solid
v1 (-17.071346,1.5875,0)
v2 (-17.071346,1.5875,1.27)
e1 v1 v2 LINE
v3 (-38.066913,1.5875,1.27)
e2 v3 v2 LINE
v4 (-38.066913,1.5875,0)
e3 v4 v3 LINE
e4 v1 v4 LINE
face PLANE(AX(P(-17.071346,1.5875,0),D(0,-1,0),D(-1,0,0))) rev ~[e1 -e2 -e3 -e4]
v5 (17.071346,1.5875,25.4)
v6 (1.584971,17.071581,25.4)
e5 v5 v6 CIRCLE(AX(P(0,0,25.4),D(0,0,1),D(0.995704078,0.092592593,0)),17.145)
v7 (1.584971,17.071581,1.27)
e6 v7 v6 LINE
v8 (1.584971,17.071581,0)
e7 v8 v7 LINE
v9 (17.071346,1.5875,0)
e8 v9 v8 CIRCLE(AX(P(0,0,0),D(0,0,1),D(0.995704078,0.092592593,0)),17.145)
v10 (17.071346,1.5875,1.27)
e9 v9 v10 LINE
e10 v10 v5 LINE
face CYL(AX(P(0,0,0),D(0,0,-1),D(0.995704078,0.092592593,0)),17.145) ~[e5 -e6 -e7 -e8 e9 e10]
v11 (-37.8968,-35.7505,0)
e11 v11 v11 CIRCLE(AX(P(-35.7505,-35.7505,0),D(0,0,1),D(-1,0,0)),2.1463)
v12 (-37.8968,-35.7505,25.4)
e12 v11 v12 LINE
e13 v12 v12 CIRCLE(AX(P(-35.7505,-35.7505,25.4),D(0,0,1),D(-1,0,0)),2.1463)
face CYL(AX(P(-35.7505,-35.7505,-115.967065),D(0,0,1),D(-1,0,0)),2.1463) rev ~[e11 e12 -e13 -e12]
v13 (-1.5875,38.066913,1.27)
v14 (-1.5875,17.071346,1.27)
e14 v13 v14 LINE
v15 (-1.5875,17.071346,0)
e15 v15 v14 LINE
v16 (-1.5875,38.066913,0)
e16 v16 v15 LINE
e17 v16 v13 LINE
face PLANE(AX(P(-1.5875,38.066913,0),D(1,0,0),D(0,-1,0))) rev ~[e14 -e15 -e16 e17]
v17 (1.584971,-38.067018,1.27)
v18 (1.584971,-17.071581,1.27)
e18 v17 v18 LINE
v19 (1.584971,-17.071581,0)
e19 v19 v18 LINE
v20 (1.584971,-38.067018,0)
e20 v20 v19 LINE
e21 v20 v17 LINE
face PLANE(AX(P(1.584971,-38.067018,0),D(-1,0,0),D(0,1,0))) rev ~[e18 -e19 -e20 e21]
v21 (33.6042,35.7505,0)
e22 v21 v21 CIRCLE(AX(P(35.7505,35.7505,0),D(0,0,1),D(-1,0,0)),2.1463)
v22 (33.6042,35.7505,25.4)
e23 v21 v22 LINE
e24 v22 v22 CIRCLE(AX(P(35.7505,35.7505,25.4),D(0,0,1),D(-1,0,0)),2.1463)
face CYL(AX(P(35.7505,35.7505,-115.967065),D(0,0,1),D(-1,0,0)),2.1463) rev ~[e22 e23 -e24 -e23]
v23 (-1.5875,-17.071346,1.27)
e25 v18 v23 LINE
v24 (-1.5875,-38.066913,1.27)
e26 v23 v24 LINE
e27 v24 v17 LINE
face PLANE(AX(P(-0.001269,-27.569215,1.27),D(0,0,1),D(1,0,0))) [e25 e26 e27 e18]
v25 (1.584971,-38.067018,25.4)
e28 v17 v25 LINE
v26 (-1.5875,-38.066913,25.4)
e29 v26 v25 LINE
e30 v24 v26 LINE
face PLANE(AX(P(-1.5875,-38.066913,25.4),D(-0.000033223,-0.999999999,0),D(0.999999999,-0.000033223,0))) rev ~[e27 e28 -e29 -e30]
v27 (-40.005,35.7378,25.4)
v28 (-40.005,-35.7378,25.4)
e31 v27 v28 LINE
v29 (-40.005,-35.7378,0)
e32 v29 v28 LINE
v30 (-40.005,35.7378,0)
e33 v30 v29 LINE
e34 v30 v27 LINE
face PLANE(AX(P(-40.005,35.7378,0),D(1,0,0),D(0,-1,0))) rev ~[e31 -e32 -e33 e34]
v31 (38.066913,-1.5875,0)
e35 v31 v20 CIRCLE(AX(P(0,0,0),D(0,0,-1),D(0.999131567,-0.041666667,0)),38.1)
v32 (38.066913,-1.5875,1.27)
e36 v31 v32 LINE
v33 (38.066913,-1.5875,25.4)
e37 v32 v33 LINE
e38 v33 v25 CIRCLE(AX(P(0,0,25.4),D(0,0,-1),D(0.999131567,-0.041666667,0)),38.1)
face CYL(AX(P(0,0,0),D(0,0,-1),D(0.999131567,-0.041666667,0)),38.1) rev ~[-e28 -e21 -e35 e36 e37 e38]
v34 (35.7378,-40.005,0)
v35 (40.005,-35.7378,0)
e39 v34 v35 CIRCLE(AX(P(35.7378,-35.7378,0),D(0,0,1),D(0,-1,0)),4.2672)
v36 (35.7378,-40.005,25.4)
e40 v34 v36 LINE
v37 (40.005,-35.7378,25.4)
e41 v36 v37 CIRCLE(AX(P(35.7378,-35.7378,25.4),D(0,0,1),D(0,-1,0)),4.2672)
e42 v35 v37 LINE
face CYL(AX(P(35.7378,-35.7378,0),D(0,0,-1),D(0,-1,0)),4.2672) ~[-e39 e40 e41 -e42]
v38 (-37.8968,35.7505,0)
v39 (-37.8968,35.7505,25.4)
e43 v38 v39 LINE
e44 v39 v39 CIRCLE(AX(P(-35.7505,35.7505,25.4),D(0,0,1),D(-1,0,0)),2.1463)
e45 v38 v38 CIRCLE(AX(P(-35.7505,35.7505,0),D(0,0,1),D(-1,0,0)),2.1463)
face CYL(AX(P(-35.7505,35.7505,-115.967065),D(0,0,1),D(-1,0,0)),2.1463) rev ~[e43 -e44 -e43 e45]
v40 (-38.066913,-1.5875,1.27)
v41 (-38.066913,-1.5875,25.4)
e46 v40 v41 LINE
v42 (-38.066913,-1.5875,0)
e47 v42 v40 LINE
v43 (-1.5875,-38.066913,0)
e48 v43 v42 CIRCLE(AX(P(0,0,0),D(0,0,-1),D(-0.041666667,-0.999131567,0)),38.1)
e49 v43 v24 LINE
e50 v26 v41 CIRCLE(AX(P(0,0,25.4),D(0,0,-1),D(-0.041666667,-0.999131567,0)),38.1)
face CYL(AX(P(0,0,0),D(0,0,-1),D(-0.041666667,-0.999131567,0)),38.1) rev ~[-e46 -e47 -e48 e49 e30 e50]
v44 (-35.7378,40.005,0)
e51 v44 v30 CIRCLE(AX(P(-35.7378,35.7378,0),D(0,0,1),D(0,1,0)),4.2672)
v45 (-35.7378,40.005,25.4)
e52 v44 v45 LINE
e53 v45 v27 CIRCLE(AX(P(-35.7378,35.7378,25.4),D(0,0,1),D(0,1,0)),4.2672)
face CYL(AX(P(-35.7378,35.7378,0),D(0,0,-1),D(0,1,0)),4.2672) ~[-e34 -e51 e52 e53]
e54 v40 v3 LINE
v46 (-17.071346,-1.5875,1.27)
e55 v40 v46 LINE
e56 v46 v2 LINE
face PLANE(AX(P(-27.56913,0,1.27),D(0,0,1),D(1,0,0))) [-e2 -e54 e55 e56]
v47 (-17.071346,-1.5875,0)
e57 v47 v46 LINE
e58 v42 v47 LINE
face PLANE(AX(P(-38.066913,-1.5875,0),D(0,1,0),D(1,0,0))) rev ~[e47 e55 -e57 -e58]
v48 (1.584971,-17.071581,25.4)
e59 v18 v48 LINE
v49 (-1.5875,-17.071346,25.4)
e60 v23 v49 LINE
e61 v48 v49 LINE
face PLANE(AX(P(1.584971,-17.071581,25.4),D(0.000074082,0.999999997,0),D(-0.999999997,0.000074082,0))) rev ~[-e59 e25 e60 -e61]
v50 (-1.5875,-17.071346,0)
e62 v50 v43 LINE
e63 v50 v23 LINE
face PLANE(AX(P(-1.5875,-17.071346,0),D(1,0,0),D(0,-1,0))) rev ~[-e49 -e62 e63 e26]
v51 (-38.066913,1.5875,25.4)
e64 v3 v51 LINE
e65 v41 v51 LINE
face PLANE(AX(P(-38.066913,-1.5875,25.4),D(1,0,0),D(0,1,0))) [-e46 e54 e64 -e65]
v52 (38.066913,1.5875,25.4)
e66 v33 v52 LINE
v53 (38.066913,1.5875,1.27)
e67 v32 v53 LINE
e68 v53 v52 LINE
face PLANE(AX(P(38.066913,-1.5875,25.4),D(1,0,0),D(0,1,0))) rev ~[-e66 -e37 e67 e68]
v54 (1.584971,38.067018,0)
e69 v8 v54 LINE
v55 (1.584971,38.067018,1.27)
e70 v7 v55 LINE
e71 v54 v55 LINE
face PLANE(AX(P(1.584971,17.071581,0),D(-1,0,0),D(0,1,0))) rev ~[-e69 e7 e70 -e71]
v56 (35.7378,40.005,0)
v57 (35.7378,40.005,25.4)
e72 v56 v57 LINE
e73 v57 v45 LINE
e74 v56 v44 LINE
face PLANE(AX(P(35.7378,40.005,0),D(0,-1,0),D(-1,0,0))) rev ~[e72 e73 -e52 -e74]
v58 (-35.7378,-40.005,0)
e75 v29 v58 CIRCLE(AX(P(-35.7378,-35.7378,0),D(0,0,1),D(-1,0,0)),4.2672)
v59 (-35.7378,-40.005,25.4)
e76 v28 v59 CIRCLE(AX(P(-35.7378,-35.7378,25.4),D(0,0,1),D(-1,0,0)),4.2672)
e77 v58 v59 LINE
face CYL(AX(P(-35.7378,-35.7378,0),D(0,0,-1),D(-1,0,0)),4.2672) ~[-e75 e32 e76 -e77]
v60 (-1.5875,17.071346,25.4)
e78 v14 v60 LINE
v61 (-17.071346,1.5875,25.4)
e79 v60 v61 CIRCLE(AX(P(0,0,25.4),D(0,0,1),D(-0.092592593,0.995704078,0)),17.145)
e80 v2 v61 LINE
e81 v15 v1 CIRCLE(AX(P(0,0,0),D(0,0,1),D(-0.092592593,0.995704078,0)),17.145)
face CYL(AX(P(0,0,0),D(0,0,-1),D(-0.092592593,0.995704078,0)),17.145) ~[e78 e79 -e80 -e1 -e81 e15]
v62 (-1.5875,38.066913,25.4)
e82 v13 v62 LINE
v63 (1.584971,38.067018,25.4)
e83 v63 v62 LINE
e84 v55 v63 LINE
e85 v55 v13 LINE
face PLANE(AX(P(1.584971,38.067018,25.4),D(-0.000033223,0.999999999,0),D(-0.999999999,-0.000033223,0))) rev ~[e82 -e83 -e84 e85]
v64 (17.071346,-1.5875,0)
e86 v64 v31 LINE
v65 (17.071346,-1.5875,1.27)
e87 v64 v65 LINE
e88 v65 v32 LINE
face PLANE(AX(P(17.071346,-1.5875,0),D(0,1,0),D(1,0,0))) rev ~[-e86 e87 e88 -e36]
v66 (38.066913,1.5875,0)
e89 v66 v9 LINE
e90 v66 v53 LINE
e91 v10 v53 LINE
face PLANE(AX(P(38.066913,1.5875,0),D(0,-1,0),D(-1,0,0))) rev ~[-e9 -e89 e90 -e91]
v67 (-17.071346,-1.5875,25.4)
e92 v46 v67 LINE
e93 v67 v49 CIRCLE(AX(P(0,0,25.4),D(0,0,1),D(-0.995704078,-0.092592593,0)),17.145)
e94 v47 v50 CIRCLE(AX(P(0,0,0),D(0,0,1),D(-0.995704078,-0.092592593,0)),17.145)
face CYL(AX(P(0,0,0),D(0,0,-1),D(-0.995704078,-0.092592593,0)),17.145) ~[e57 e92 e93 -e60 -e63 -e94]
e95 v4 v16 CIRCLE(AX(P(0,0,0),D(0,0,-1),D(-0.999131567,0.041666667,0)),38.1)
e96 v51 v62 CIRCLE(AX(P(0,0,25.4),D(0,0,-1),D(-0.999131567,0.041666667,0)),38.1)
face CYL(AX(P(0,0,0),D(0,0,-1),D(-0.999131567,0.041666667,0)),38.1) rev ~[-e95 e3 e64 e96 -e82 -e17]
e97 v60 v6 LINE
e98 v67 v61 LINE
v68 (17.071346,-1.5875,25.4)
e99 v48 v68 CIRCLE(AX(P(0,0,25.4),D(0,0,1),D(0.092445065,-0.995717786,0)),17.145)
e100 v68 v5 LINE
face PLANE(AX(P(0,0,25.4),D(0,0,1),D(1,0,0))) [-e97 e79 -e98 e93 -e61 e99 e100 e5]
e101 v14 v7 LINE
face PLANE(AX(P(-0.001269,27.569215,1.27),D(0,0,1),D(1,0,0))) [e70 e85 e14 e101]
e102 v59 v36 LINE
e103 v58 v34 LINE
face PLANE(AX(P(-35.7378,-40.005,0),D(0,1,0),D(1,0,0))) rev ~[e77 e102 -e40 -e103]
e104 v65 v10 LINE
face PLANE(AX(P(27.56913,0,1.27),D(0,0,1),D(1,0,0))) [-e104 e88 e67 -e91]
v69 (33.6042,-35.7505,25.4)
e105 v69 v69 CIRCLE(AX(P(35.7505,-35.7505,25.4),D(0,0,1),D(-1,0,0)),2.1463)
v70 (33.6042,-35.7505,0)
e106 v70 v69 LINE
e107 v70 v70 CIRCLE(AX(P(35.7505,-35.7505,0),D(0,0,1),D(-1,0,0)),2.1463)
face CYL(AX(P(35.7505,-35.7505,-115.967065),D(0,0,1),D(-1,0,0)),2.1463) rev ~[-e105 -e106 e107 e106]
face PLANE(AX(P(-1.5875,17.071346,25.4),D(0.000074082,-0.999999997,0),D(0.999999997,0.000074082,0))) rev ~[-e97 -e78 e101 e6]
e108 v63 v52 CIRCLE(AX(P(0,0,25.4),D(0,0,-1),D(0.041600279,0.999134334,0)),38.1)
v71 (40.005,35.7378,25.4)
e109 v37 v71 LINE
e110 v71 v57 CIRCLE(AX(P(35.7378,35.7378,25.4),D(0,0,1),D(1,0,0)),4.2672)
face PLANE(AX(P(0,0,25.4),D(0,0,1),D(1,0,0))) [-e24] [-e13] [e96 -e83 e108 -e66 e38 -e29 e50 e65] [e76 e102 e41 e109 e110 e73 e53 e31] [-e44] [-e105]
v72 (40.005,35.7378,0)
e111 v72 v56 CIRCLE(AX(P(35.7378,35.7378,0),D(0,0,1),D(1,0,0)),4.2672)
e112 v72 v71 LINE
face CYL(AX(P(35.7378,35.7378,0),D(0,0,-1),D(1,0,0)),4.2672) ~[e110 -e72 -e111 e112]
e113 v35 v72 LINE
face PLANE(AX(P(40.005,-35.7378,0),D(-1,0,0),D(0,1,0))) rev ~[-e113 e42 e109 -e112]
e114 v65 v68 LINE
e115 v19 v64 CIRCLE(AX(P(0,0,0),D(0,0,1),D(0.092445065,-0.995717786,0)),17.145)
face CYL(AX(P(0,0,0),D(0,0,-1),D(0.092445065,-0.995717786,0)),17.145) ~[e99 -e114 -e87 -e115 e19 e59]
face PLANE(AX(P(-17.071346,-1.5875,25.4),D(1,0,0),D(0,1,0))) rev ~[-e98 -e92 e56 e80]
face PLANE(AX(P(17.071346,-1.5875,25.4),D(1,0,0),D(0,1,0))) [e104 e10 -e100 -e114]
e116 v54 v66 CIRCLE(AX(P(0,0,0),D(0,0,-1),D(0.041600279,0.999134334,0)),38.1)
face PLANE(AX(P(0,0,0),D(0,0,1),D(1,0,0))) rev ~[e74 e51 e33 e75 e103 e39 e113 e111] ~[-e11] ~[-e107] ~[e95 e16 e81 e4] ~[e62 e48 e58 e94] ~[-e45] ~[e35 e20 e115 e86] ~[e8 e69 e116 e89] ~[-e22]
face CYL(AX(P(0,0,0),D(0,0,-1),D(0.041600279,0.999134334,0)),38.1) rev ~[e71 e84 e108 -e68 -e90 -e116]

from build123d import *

# Parameters (mm, degrees)
F1_DEPTH = 25.4
F2_D     = 4.2926
F3_W     = 20.9955662917
F3_H     = 3.175
F4_DEPTH = 24.13


with BuildPart() as f1:
    # F0 (on Top) → F1 (new body)
    with BuildSketch(Plane.XY):
        with BuildLine():
            Line((35.7378, 40.005), (-35.7378, 40.005))
            ThreePointArc((-35.7378, 40.005), (-38.7551660567, 38.7551660567), (-40.005, 35.7378))
            Line((-40.005, 35.7378), (-40.005, -35.7378))
            ThreePointArc((-40.005, -35.7378), (-38.7551660567, -38.7551660567), (-35.7378, -40.005))
            Line((-35.7378, -40.005), (35.7378, -40.005))
            ThreePointArc((35.7378, -40.005), (38.7551660567, -38.7551660567), (40.005, -35.7378))
            Line((40.005, -35.7378), (40.005, 35.7378))
            ThreePointArc((40.005, 35.7378), (38.7551660567, 38.7551660567), (35.7378, 40.005))
        make_face()
        with BuildLine():
            ThreePointArc((-1.5875, -38.0669127163), (-26.9407683632, -26.9407683632), (-38.0669127163, -1.5875))
            Line((-38.0669127163, -1.5875), (-17.0713464246, -1.5875))
            ThreePointArc((-17.0713464246, -1.5875), (-12.1233457634, -12.1233457634), (-1.5875, -17.0713464246))
            Line((-1.5875, -17.0713464246), (-1.5875, -38.0669127163))
        make_face(mode=Mode.SUBTRACT)
        with BuildLine():
            ThreePointArc((1.5849706368, -17.0715814464), (12.1224476132, -12.1242438472), (17.0713464246, -1.5875))
            Line((17.0713464246, -1.5875), (38.0669127163, -1.5875))
            ThreePointArc((38.0669127163, -1.5875), (26.9398733074, -26.9416633893), (1.5849706368, -38.0670181139))
            Line((1.5849706368, -38.0670181139), (1.5849706368, -17.0715814464))
        make_face(mode=Mode.SUBTRACT)
        with BuildLine():
            Line((-17.0713464246, 1.5875), (-38.0669127163, 1.5875))
            ThreePointArc((-38.0669127163, 1.5875), (-26.9407683632, 26.9407683632), (-1.5875, 38.0669127163))
            Line((-1.5875, 38.0669127163), (-1.5875, 17.0713464246))
            ThreePointArc((-1.5875, 17.0713464246), (-12.1233457634, 12.1233457634), (-17.0713464246, 1.5875))
        make_face(mode=Mode.SUBTRACT)
        with BuildLine():
            Line((38.0669127163, 1.5875), (17.0713464246, 1.5875))
            ThreePointArc((17.0713464246, 1.5875), (12.1224476132, 12.1242438472), (1.5849706368, 17.0715814464))
            Line((1.5849706368, 17.0715814464), (1.5849706368, 38.0670181139))
            ThreePointArc((1.5849706368, 38.0670181139), (26.9398733074, 26.9416633893), (38.0669127163, 1.5875))
        make_face(mode=Mode.SUBTRACT)
    extrude(amount=F1_DEPTH)

    # F2 (through all)
    with Locations(Plane(origin=(0, 0, 0), x_dir=(1, 0, 0), z_dir=(0, 0, -1))):
        with Locations((-35.7505, -35.7505), (35.7505, -35.7505), (35.7505, 35.7505), (-35.7505, 35.7505)):
            Hole(F2_D / 2)

    # F3 (on face) → F4 (cut)
    with BuildSketch(Plane.XY.offset(25.4)):
        with Locations((-27.5691295705, 0)):
            Rectangle(F3_W, F3_H)
        Polygon((1.5849706368, 38.0670181139), (-1.5875, 38.0669127163), (-1.5875, 17.0713464246), (1.5849706368, 17.0715814464), align=None)
        with Locations((27.5691295705, 0)):
            Rectangle(F3_W, F3_H)
        Polygon((1.5849706368, -38.0670181139), (1.5849706368, -17.0715814464), (-1.5875, -17.0713464246), (-1.5875, -38.0669127163), align=None)
    extrude(amount=-F4_DEPTH, mode=Mode.SUBTRACT)


solid = f1.part
